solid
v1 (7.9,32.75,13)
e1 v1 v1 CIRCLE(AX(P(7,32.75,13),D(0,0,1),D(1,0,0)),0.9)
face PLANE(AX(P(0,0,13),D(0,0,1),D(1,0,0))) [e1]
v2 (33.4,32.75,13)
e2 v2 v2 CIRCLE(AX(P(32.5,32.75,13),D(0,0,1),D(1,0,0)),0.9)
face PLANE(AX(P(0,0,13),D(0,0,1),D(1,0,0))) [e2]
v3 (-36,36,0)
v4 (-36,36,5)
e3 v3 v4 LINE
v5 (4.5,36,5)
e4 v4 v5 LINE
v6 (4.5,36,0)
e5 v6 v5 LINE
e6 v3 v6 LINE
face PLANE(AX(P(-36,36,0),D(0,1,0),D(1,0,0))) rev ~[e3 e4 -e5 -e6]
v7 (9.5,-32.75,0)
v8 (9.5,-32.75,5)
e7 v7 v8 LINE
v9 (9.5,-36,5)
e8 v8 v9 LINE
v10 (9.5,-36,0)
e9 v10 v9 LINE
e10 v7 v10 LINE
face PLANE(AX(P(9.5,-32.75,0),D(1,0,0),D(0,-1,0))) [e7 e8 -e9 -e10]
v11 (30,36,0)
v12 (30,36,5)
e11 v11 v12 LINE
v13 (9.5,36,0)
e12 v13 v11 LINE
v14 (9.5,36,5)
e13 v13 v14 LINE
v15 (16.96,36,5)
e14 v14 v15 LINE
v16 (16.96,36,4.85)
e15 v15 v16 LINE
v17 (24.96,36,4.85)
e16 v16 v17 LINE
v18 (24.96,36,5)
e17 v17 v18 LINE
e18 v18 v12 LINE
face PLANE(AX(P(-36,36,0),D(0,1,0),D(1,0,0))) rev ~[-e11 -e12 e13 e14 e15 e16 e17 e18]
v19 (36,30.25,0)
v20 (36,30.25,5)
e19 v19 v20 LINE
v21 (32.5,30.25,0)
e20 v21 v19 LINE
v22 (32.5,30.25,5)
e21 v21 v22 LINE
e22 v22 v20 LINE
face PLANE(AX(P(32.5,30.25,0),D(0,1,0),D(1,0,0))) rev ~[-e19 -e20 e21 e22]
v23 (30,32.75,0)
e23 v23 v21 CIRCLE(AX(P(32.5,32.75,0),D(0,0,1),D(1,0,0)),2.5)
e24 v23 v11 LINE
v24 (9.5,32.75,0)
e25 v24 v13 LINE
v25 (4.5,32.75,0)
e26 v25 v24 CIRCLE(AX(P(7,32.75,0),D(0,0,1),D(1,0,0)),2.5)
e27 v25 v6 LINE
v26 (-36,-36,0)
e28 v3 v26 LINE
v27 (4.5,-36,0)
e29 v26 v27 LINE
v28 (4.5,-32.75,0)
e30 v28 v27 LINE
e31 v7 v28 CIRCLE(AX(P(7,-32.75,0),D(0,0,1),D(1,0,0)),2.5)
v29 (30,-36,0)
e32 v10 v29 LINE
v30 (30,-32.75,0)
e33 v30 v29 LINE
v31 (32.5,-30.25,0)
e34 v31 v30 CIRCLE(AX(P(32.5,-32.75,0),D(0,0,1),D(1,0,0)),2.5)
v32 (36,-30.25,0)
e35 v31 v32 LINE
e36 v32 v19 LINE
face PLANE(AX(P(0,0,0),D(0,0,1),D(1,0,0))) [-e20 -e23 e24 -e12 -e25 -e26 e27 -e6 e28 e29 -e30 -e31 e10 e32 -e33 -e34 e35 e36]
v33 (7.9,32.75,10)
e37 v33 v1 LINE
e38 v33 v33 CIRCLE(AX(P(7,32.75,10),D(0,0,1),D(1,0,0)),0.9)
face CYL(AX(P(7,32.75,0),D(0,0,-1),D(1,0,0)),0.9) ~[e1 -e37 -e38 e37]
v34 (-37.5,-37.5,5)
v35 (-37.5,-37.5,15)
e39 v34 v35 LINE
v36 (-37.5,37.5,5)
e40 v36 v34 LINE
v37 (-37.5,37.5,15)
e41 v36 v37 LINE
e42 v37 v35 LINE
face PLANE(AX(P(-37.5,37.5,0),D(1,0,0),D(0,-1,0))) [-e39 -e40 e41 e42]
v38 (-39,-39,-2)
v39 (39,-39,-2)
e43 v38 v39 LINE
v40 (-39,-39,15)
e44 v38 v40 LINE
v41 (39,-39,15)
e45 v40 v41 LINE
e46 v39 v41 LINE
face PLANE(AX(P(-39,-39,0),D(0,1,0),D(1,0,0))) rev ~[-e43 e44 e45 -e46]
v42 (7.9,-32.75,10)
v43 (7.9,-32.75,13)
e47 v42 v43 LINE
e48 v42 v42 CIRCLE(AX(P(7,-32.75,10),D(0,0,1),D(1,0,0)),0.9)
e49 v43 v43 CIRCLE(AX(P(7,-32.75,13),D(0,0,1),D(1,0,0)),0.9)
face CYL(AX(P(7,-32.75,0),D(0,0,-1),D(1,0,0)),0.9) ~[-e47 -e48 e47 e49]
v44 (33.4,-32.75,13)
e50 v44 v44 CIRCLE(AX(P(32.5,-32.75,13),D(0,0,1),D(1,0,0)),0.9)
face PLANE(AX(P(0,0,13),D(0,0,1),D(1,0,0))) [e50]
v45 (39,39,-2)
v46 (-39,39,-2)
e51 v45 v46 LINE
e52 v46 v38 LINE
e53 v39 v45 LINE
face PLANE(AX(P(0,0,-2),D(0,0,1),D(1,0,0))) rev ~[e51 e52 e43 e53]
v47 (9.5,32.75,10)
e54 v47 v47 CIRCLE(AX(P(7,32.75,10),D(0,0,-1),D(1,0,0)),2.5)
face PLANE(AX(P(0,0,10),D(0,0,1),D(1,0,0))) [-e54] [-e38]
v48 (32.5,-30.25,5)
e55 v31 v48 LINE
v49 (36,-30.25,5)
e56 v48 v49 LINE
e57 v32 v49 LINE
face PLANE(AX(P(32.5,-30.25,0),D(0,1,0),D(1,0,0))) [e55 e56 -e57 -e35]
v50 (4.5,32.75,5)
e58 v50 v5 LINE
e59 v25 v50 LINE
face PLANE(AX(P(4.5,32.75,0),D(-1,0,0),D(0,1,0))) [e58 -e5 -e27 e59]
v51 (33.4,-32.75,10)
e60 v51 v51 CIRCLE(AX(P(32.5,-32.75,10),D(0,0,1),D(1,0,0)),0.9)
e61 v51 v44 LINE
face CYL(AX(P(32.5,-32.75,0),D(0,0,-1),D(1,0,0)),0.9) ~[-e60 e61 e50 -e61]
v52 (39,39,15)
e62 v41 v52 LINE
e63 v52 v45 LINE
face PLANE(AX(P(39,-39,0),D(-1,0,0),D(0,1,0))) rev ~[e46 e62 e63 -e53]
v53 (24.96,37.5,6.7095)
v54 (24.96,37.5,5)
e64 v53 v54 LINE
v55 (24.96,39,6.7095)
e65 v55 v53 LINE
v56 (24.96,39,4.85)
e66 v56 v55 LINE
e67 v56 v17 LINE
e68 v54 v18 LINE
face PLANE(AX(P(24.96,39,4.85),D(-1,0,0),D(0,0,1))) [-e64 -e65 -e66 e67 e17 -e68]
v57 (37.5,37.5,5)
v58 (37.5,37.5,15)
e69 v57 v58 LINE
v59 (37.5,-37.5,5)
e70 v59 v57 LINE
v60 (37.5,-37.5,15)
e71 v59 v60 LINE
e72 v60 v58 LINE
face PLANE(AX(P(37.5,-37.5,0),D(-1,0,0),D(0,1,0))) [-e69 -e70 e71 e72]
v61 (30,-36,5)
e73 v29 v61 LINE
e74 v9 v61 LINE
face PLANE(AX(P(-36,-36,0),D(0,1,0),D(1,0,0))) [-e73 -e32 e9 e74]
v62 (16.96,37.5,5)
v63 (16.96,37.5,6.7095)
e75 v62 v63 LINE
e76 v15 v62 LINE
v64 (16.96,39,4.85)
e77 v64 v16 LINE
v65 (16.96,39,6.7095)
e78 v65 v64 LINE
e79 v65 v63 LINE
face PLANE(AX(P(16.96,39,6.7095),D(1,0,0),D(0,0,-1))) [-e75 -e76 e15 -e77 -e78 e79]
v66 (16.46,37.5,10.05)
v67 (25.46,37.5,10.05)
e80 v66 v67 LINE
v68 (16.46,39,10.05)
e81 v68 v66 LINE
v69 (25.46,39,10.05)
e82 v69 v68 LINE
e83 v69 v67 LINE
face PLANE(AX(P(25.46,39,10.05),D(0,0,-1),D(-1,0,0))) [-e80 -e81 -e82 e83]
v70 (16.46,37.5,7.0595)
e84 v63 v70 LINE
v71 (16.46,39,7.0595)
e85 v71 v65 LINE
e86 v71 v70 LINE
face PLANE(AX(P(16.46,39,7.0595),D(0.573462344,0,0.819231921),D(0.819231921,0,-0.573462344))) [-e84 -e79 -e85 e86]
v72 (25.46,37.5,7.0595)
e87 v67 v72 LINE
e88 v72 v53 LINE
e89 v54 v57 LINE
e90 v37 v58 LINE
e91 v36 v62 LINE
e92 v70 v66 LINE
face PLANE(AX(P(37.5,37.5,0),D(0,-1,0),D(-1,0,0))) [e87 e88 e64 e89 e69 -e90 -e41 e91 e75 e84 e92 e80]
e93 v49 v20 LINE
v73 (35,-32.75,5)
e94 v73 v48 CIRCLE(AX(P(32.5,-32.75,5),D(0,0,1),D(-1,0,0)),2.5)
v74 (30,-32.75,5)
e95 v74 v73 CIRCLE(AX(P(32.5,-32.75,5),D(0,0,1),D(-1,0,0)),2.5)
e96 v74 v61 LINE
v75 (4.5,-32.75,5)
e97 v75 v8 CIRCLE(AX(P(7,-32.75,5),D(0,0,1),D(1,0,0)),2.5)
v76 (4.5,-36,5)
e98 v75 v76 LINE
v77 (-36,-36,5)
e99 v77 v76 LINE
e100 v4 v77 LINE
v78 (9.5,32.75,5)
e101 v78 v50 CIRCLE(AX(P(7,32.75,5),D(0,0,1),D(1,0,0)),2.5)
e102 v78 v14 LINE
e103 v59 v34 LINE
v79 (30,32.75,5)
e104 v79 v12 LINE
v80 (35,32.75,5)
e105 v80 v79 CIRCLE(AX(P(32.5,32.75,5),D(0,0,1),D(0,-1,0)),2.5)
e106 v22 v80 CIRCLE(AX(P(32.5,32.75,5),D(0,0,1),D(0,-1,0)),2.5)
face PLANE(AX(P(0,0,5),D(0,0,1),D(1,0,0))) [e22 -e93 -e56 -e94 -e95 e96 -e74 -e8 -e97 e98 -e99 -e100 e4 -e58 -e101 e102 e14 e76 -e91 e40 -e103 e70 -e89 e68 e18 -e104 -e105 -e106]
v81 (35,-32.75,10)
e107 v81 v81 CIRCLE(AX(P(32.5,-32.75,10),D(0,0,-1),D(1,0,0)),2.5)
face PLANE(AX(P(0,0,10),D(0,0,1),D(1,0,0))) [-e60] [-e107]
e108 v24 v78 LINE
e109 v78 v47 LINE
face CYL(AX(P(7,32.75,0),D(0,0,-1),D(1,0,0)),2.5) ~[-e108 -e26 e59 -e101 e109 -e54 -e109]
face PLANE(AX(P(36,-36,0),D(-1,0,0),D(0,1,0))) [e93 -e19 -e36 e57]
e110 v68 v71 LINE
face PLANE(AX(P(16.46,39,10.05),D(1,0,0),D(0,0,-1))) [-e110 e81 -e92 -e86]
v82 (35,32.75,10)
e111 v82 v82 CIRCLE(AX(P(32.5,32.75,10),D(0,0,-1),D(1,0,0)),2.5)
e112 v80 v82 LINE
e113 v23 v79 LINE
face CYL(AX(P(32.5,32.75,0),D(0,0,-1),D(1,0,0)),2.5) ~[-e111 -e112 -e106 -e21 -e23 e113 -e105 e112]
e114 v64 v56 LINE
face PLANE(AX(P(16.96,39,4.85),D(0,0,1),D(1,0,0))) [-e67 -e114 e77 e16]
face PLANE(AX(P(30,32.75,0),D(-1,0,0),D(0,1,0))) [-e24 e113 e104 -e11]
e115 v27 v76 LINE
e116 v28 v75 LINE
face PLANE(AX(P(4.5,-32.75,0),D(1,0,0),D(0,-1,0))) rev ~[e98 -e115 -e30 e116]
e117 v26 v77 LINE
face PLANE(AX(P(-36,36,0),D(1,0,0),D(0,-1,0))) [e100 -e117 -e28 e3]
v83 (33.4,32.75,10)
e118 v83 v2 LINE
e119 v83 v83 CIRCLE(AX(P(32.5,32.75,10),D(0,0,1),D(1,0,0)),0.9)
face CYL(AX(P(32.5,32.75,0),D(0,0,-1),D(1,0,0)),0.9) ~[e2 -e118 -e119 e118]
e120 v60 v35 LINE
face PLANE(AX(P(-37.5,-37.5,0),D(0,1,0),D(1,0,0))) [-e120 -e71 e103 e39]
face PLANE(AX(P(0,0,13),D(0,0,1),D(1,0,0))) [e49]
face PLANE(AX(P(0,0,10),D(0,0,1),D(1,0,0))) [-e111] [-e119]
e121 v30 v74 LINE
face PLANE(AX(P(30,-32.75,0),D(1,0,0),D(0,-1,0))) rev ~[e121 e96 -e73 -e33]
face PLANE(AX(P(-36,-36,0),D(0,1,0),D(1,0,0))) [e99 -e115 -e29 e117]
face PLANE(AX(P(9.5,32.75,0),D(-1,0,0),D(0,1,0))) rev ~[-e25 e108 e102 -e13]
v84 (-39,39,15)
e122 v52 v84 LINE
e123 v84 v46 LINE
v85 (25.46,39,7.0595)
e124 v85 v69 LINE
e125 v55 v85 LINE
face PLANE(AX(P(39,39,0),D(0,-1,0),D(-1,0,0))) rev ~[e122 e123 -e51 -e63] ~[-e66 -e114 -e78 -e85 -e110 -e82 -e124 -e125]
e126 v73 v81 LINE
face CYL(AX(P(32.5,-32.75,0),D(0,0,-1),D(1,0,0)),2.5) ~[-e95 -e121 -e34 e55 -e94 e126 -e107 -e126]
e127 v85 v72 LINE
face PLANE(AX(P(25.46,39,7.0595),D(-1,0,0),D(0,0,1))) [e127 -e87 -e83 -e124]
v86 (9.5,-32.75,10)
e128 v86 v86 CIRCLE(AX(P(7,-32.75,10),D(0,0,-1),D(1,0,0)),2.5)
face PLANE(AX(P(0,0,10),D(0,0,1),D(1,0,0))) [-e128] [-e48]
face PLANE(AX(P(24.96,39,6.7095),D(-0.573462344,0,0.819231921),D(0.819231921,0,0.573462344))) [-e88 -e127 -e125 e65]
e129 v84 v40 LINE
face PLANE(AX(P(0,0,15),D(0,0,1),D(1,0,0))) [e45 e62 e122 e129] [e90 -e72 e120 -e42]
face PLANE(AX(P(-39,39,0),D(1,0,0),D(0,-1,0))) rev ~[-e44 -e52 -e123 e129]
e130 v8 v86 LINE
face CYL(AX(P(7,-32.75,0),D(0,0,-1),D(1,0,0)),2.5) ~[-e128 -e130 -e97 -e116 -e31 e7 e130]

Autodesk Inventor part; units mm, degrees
ref_plane "YZ Plane" through (0, 0, 0) normal (1, 0, 0) x (0, 1, 0)
ref_plane "XZ Plane" through (0, 0, 0) normal (0, 1, 0) x (-1, 0, 0)
ref_plane "XY Plane" through (0, 0, 0) normal (0, 0, 1) x (1, 0, 0)
sketch "USB_Micro" plane through (0, 0, 0) normal (0, 0, 1) x (1, 0, 0)
  line L0 (-6.7, 3.4) -> (-6.7, 2.0438)
  line L1 (-7.2, 1.6938) -> (-6.7, 2.0438)
  line L2 (-7.2, 1.6938) -> (-7.2, 0.3)
  line L3 (-7.2, 0.3) -> (-0.3, 0.3)
  line L4 (-0.3, 0.3) -> (-0.3, 1.6938)
  line L5 (-0.8, 2.0438) -> (-0.3, 1.6938)
  line L6 (-6.7, 3.4) -> (-0.8, 3.4)
  line L7 (-0.8, 3.4) -> (-0.8, 2.0438)
  line L8 (-0.8, 0.8) -> (-6.7, 0.8)
  line L9 (-6.7, 0.8) -> (-6.7, 1.4335)
  line L10 (-6.7, 1.4335) -> (-6.2, 1.7835)
  line L11 (-6.2, 1.7835) -> (-6.2, 2.9)
  line L12 (-6.2, 2.9) -> (-1.3, 2.9)
  line L13 (-1.3, 2.9) -> (-1.3, 1.7835)
  line L14 (-1.3, 1.7835) -> (-0.8, 1.4335)
  line L15 (-0.8, 1.4335) -> (-0.8, 0.8)
  point P0 (-3.75, 0.3)
  dimension "d42" = 0.5
sketch "Skizze1" plane through (0, 0, 0) normal (0, 0, 1) x (1, 0, 0)
  line L0 (-39, -39) -> (39, -39)
  line L1 (39, -39) -> (39, 39)
  line L2 (39, 39) -> (-39, 39)
  line L3 (-39, 39) -> (-39, -39)
  line L4 (-39, -39) -> (39, 39) construction
  line L5 (39, -39) -> (-39, 39) construction
  line L6 (-37.5, -37.5) -> (37.5, -37.5)
  line L7 (37.5, -37.5) -> (37.5, 37.5)
  line L8 (37.5, 37.5) -> (-37.5, 37.5)
  line L9 (-37.5, 37.5) -> (-37.5, -37.5)
  line L10 (-37.5, -37.5) -> (37.5, 37.5) construction
  line L11 (37.5, -37.5) -> (-37.5, 37.5) construction
  line L12 (-37.5, 37.5) -> (-36, 37.5)
  line L13 (-36, 37.5) -> (-36, -37.5)
  line L14 (-36, -37.5) -> (-37.5, -37.5)
  line L15 (-37.5, -37.5) -> (-37.5, 37.5)
  line L16 (36, 37.5) -> (37.5, 37.5)
  line L17 (37.5, 37.5) -> (37.5, -37.5)
  line L18 (37.5, -37.5) -> (36, -37.5)
  line L19 (36, -37.5) -> (36, 37.5)
  line L20 (-36, -36) -> (36, -36)
  line L21 (36, -36) -> (36, -37.5)
  line L22 (36, -37.5) -> (-36, -37.5)
  line L23 (-36, -37.5) -> (-36, -36)
  line L24 (36, 37.5) -> (-36, 37.5)
  line L25 (-36, 37.5) -> (-36, 36)
  line L26 (-36, 36) -> (36, 36)
  line L27 (36, 36) -> (36, 37.5)
  point P0 (0, 0)
  dimension "d0" = 78
  dimension "d1" = 78
  dimension "d2" = 75
  dimension "d3" = 75
  dimension "d46" = 1.5
  dimension "d47" = 1.5
  dimension "d48" = 1.5
  dimension "d52" = 1.5
extrude "Extrusion1" add sketch "Skizze1" along normal blind 15
extrude "Extrusion9" add sketch "Skizze1" along normal blind 5 contours L9 L8 L13 L6 | L13 L20 L19 L6 | L19 L8 L7 L6 | L8 L19 L26 L13
extrude "Extrusion6" add sketch "Skizze1" against normal blind 2 contours L3 L2 L1 L0 | L9 L8 L13 L6 | L13 L20 L19 L6 | L19 L8 L7 L6 | L13 L26 L19 L20 | L8 L19 L26 L13
sketch "Skizze5" plane through (0, 0, 0) normal (0, 0, 1) x (1, 0, 0)
  circle A0 centre (32.5, -32.75) radius 0.9
  circle A1 centre (32.5, 32.75) radius 0.9
  circle A2 centre (7, -32.75) radius 0.9
  circle A3 centre (7, 32.75) radius 0.9
  circle A4 centre (32.5, 32.75) radius 2.5
  circle A5 centre (7, 32.75) radius 2.5
  circle A6 centre (32.5, -32.75) radius 2.5
  circle A7 centre (7, -32.75) radius 2.5
  line L0 (-54.6, 0) -> (54.6, 0) projected
  line L1 (0, -54.6) -> (0, 54.6) projected
  line L2 (36, 36) -> (36, -36) projected
  line L3 (-36, 36) -> (36, 36) projected
  line L4 (36, -36) -> (-36, -36) projected
  line L5 (9.5, 32.75) -> (9.5, 36)
  line L6 (4.5, 32.75) -> (4.5, 36)
  line L7 (4.5, 36) -> (9.5, 36)
  line L8 (30, 32.75) -> (30, 36)
  line L9 (30, 36) -> (36, 36)
  line L10 (32.5, 30.25) -> (36, 30.25)
  line L11 (36, 30.25) -> (36, 36)
  line L12 (32.5, -30.25) -> (36, -30.25)
  line L13 (36, -30.25) -> (36, -36)
  line L14 (30, -32.75) -> (30, -36)
  line L15 (30, -36) -> (36, -36)
  line L16 (9.5, -32.75) -> (9.5, -36)
  line L17 (4.5, -32.75) -> (4.5, -36)
  line L18 (4.5, -36) -> (9.5, -36)
  point P0 (0, 0)
  dimension "d28" = 1.8
  dimension "d33" = 5
  dimension "d34" = 65.5
  dimension "d35" = 25.5
  dimension "d36" = 32.5
  dimension "d37" = 32.75
  dimension "d51" = 32.75
extrude "Extrusion7" add sketch "Skizze5" along normal blind 10 contours A4 | A5 | A6 | A7
sketch "Skizze6" plane through (-39, 39, 15) normal (0, 1, 0) x (1, 0, 0)
  line L0 (63.71, 5.7) -> (56.21, 5.7) projected
  line L1 (63.71, 7.55) -> (63.71, 5.7) projected
  line L2 (63.71, 7.55) -> (63.21, 7.9) projected
  line L3 (63.21, 7.9) -> (63.21, 9.4) projected
  line L4 (56.71, 9.4) -> (63.21, 9.4) projected
  line L5 (56.71, 7.9) -> (56.71, 9.4) projected
  line L6 (56.21, 7.55) -> (56.71, 7.9) projected
  line L7 (56.21, 7.55) -> (56.21, 5.7) projected
  line L8 (56.51, 6) -> (63.41, 6) projected
  line L9 (56.51, 7.3938) -> (56.51, 6) projected
  line L10 (57.01, 7.7438) -> (56.51, 7.3938) projected
  line L11 (57.01, 9.1) -> (57.01, 7.7438) projected
  line L12 (62.91, 9.1) -> (57.01, 9.1) projected
  line L13 (62.91, 9.1) -> (62.91, 7.7438) projected
  line L14 (62.91, 7.7438) -> (63.41, 7.3938) projected
  line L15 (63.41, 7.3938) -> (63.41, 6) projected
  line L16 (64.46, 4.95) -> (55.46, 4.95)
  line L17 (55.46, 4.95) -> (55.46, 7.9405)
  line L18 (55.46, 7.9405) -> (55.96, 8.2905)
  line L19 (55.96, 8.2905) -> (55.96, 10.15)
  line L20 (55.96, 10.15) -> (63.96, 10.15)
  line L21 (63.96, 10.15) -> (63.96, 8.2905)
  line L22 (63.96, 8.2905) -> (64.46, 7.9405)
  line L23 (64.46, 7.9405) -> (64.46, 4.95)
  point P0 (39, 15)
  dimension "d45" = 0.75
extrude "Extrusion8" cut sketch "Skizze6" against normal up to surface (3 mm away) contours L0 L7 L6 L5 L4 L3 L2 L1 | L9 L10 L11 L12 L13 L14 L15 L8 | L16 L17 L18 L19 L20 L21 L22 L23
extrude "Extrusion10" add sketch "Skizze5" along normal blind 13 contours A0 | A1 | A2 | A3
extrude "Extrusion11" add sketch "Skizze5" along normal up to surface (5 mm away) contours A4 L8 L3 L2 L10 | L5 A5 L6 L3 | L2 L4 L14 A6 L12 | L17 A7 L16 L4
equation "\"d0\" = d1"
equation "\"d2\" = d3"
equation "\"d47\" = d46"
equation "\"d48\" = d46"
equation "\"d52\" = d46"
properties part number "Sensorlamp_Base"
